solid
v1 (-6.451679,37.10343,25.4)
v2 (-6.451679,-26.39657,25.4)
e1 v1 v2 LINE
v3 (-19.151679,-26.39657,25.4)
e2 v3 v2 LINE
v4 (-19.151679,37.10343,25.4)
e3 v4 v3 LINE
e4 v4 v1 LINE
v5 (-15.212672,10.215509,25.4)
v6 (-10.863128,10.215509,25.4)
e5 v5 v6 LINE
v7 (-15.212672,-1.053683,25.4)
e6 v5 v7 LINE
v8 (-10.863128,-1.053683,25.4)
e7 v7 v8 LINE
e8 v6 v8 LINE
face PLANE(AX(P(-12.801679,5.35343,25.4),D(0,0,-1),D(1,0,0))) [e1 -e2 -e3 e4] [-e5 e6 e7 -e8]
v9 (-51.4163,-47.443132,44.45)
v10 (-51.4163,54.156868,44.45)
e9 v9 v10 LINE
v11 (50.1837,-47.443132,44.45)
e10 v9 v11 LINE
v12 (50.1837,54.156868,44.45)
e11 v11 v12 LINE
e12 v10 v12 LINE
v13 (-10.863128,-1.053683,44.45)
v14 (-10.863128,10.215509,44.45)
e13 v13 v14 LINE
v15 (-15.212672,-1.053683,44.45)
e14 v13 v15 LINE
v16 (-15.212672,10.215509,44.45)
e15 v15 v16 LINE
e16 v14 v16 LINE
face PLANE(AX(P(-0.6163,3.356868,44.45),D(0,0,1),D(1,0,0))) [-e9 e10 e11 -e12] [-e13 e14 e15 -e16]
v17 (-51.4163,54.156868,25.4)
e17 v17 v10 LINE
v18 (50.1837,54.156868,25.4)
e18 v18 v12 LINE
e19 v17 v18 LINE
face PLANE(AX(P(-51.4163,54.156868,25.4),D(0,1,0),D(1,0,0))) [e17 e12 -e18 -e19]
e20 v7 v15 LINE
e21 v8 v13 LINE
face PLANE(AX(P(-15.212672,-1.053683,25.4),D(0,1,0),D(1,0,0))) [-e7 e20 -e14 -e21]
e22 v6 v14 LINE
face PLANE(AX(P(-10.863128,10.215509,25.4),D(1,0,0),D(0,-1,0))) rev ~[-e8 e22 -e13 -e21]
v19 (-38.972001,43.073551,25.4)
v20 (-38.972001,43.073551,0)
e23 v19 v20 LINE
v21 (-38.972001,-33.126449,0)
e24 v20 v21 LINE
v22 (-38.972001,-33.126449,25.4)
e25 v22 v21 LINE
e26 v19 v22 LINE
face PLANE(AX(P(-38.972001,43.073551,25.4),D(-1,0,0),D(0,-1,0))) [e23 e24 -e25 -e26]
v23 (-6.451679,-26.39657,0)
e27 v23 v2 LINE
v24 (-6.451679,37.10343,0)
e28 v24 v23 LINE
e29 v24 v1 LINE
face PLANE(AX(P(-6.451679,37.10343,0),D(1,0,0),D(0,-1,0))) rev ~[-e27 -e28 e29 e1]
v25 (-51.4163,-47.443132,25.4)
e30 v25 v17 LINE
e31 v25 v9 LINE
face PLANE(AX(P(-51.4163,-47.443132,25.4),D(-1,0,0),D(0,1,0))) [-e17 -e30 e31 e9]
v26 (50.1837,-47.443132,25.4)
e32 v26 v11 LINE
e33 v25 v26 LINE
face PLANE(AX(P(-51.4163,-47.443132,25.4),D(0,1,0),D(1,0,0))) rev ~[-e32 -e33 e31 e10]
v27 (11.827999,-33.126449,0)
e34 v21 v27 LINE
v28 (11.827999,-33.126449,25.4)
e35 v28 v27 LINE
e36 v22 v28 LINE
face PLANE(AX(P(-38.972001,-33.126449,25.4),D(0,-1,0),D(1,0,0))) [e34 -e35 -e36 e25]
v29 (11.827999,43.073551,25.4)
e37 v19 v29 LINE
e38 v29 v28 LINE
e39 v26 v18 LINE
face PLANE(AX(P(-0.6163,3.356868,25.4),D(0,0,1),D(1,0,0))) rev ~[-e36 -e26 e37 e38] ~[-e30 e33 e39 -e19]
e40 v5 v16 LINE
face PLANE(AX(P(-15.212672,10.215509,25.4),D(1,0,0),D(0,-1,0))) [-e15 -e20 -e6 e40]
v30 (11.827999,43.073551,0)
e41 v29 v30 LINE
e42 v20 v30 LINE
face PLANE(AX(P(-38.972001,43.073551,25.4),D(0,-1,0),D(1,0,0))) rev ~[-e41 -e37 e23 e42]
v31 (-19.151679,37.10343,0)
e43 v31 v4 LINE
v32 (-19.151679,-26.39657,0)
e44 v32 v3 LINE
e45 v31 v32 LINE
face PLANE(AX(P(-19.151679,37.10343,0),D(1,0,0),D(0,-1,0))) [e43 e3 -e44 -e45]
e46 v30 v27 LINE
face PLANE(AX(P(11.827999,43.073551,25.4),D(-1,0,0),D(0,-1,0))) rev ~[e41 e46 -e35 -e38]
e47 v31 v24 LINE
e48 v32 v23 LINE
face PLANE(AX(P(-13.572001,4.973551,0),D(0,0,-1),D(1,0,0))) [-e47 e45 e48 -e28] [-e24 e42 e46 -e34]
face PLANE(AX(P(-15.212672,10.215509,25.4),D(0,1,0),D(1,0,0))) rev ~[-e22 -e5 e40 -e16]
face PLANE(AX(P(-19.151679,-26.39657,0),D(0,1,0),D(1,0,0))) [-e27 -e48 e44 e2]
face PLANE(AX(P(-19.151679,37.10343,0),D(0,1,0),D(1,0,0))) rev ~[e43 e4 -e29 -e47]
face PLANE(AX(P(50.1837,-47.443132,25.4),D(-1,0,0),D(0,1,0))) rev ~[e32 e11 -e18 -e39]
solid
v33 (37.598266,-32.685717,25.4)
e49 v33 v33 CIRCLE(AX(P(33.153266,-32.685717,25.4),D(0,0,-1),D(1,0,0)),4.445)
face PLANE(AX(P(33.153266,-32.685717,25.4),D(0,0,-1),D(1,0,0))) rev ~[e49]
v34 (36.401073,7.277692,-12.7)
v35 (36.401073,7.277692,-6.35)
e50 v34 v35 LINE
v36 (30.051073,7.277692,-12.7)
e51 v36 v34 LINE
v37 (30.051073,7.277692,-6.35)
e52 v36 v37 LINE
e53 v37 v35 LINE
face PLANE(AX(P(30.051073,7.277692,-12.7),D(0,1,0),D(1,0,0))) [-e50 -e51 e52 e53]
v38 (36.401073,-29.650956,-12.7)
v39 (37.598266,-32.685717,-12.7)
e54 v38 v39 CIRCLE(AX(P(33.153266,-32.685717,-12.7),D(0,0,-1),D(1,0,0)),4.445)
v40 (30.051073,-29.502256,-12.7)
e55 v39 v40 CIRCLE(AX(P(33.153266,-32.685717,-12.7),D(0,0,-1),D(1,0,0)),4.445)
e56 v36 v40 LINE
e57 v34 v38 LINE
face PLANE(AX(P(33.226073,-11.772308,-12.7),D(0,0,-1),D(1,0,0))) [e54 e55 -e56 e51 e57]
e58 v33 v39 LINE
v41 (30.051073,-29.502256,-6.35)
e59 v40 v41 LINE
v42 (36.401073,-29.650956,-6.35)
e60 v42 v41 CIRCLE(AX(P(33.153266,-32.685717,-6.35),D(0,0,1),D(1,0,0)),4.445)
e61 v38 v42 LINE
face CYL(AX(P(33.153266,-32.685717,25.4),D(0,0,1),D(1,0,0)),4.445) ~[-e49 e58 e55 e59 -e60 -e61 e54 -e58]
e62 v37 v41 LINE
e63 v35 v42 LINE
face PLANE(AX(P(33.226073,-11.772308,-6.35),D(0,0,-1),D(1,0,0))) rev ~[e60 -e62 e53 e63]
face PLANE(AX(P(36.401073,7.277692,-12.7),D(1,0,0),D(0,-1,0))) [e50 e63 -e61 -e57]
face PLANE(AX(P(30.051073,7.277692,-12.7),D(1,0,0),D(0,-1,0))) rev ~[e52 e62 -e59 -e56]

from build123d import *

# Parameters (mm, degrees)
F1_W      = 101.6
F1_H      = 101.6
F2_DEPTH  = 19.05
F3_R      = 4.445
F4_DEPTH  = 38.1
F5_W      = 6.35
F5_H      = 38.1
F6_DEPTH  = 6.35
F7_W      = 50.8
F7_H      = 76.2
F8_DEPTH  = 25.4
F9_W      = 12.7
F9_H      = 63.5
F10_DEPTH = 25.4
F11_W     = 4.349544
F11_H     = 11.269192
F12_DEPTH = 25.4


with BuildPart() as f2:
    # F1 (on offset) → F2 (new body)
    with BuildSketch(Plane.XY.offset(25.4)):
        with Locations((-0.6163, 3.356868)):
            Rectangle(F1_W, F1_H)
    extrude(amount=F2_DEPTH)

    # F7 (on face) → F8 (join)
    with BuildSketch(Plane(origin=(0, 0, 25.4), x_dir=(1, 0, 0), z_dir=(0, 0, -1))):
        with Locations((-13.572001, -4.973551)):
            Rectangle(F7_W, F7_H)
    extrude(amount=F8_DEPTH)

    # F9 (on face) → F10 (cut)
    with BuildSketch(Plane(origin=(0, 0, 0), x_dir=(1, 0, 0), z_dir=(0, 0, -1))):
        with Locations((-12.801679, -5.35343)):
            Rectangle(F9_W, F9_H)
    extrude(amount=-F10_DEPTH, mode=Mode.SUBTRACT)

    # F11 (on face) → F12 (cut)
    with BuildSketch(Plane(origin=(0, 0, 25.4), x_dir=(1, 0, 0), z_dir=(0, 0, -1))):
        with Locations((-13.0379, -4.580913)):
            Rectangle(F11_W, F11_H)
    extrude(amount=-F12_DEPTH, mode=Mode.SUBTRACT)


with BuildPart() as f4:
    # F3 (on face) → F4 (new body)
    with BuildSketch(Plane(origin=(0, 0, 25.4), x_dir=(1, 0, 0), z_dir=(0, 0, -1))):
        with Locations((33.153266, 32.685717)):
            Circle(F3_R)
    extrude(amount=F4_DEPTH)

    # F5 (on face) → F6 (join)
    with BuildSketch(Plane(origin=(0, 0, -12.7), x_dir=(1, 0, 0), z_dir=(0, 0, -1))):
        with Locations((33.226073, 11.772308)):
            Rectangle(F5_W, F5_H)
    extrude(amount=-F6_DEPTH)


solid = Compound([f2.part, f4.part])
